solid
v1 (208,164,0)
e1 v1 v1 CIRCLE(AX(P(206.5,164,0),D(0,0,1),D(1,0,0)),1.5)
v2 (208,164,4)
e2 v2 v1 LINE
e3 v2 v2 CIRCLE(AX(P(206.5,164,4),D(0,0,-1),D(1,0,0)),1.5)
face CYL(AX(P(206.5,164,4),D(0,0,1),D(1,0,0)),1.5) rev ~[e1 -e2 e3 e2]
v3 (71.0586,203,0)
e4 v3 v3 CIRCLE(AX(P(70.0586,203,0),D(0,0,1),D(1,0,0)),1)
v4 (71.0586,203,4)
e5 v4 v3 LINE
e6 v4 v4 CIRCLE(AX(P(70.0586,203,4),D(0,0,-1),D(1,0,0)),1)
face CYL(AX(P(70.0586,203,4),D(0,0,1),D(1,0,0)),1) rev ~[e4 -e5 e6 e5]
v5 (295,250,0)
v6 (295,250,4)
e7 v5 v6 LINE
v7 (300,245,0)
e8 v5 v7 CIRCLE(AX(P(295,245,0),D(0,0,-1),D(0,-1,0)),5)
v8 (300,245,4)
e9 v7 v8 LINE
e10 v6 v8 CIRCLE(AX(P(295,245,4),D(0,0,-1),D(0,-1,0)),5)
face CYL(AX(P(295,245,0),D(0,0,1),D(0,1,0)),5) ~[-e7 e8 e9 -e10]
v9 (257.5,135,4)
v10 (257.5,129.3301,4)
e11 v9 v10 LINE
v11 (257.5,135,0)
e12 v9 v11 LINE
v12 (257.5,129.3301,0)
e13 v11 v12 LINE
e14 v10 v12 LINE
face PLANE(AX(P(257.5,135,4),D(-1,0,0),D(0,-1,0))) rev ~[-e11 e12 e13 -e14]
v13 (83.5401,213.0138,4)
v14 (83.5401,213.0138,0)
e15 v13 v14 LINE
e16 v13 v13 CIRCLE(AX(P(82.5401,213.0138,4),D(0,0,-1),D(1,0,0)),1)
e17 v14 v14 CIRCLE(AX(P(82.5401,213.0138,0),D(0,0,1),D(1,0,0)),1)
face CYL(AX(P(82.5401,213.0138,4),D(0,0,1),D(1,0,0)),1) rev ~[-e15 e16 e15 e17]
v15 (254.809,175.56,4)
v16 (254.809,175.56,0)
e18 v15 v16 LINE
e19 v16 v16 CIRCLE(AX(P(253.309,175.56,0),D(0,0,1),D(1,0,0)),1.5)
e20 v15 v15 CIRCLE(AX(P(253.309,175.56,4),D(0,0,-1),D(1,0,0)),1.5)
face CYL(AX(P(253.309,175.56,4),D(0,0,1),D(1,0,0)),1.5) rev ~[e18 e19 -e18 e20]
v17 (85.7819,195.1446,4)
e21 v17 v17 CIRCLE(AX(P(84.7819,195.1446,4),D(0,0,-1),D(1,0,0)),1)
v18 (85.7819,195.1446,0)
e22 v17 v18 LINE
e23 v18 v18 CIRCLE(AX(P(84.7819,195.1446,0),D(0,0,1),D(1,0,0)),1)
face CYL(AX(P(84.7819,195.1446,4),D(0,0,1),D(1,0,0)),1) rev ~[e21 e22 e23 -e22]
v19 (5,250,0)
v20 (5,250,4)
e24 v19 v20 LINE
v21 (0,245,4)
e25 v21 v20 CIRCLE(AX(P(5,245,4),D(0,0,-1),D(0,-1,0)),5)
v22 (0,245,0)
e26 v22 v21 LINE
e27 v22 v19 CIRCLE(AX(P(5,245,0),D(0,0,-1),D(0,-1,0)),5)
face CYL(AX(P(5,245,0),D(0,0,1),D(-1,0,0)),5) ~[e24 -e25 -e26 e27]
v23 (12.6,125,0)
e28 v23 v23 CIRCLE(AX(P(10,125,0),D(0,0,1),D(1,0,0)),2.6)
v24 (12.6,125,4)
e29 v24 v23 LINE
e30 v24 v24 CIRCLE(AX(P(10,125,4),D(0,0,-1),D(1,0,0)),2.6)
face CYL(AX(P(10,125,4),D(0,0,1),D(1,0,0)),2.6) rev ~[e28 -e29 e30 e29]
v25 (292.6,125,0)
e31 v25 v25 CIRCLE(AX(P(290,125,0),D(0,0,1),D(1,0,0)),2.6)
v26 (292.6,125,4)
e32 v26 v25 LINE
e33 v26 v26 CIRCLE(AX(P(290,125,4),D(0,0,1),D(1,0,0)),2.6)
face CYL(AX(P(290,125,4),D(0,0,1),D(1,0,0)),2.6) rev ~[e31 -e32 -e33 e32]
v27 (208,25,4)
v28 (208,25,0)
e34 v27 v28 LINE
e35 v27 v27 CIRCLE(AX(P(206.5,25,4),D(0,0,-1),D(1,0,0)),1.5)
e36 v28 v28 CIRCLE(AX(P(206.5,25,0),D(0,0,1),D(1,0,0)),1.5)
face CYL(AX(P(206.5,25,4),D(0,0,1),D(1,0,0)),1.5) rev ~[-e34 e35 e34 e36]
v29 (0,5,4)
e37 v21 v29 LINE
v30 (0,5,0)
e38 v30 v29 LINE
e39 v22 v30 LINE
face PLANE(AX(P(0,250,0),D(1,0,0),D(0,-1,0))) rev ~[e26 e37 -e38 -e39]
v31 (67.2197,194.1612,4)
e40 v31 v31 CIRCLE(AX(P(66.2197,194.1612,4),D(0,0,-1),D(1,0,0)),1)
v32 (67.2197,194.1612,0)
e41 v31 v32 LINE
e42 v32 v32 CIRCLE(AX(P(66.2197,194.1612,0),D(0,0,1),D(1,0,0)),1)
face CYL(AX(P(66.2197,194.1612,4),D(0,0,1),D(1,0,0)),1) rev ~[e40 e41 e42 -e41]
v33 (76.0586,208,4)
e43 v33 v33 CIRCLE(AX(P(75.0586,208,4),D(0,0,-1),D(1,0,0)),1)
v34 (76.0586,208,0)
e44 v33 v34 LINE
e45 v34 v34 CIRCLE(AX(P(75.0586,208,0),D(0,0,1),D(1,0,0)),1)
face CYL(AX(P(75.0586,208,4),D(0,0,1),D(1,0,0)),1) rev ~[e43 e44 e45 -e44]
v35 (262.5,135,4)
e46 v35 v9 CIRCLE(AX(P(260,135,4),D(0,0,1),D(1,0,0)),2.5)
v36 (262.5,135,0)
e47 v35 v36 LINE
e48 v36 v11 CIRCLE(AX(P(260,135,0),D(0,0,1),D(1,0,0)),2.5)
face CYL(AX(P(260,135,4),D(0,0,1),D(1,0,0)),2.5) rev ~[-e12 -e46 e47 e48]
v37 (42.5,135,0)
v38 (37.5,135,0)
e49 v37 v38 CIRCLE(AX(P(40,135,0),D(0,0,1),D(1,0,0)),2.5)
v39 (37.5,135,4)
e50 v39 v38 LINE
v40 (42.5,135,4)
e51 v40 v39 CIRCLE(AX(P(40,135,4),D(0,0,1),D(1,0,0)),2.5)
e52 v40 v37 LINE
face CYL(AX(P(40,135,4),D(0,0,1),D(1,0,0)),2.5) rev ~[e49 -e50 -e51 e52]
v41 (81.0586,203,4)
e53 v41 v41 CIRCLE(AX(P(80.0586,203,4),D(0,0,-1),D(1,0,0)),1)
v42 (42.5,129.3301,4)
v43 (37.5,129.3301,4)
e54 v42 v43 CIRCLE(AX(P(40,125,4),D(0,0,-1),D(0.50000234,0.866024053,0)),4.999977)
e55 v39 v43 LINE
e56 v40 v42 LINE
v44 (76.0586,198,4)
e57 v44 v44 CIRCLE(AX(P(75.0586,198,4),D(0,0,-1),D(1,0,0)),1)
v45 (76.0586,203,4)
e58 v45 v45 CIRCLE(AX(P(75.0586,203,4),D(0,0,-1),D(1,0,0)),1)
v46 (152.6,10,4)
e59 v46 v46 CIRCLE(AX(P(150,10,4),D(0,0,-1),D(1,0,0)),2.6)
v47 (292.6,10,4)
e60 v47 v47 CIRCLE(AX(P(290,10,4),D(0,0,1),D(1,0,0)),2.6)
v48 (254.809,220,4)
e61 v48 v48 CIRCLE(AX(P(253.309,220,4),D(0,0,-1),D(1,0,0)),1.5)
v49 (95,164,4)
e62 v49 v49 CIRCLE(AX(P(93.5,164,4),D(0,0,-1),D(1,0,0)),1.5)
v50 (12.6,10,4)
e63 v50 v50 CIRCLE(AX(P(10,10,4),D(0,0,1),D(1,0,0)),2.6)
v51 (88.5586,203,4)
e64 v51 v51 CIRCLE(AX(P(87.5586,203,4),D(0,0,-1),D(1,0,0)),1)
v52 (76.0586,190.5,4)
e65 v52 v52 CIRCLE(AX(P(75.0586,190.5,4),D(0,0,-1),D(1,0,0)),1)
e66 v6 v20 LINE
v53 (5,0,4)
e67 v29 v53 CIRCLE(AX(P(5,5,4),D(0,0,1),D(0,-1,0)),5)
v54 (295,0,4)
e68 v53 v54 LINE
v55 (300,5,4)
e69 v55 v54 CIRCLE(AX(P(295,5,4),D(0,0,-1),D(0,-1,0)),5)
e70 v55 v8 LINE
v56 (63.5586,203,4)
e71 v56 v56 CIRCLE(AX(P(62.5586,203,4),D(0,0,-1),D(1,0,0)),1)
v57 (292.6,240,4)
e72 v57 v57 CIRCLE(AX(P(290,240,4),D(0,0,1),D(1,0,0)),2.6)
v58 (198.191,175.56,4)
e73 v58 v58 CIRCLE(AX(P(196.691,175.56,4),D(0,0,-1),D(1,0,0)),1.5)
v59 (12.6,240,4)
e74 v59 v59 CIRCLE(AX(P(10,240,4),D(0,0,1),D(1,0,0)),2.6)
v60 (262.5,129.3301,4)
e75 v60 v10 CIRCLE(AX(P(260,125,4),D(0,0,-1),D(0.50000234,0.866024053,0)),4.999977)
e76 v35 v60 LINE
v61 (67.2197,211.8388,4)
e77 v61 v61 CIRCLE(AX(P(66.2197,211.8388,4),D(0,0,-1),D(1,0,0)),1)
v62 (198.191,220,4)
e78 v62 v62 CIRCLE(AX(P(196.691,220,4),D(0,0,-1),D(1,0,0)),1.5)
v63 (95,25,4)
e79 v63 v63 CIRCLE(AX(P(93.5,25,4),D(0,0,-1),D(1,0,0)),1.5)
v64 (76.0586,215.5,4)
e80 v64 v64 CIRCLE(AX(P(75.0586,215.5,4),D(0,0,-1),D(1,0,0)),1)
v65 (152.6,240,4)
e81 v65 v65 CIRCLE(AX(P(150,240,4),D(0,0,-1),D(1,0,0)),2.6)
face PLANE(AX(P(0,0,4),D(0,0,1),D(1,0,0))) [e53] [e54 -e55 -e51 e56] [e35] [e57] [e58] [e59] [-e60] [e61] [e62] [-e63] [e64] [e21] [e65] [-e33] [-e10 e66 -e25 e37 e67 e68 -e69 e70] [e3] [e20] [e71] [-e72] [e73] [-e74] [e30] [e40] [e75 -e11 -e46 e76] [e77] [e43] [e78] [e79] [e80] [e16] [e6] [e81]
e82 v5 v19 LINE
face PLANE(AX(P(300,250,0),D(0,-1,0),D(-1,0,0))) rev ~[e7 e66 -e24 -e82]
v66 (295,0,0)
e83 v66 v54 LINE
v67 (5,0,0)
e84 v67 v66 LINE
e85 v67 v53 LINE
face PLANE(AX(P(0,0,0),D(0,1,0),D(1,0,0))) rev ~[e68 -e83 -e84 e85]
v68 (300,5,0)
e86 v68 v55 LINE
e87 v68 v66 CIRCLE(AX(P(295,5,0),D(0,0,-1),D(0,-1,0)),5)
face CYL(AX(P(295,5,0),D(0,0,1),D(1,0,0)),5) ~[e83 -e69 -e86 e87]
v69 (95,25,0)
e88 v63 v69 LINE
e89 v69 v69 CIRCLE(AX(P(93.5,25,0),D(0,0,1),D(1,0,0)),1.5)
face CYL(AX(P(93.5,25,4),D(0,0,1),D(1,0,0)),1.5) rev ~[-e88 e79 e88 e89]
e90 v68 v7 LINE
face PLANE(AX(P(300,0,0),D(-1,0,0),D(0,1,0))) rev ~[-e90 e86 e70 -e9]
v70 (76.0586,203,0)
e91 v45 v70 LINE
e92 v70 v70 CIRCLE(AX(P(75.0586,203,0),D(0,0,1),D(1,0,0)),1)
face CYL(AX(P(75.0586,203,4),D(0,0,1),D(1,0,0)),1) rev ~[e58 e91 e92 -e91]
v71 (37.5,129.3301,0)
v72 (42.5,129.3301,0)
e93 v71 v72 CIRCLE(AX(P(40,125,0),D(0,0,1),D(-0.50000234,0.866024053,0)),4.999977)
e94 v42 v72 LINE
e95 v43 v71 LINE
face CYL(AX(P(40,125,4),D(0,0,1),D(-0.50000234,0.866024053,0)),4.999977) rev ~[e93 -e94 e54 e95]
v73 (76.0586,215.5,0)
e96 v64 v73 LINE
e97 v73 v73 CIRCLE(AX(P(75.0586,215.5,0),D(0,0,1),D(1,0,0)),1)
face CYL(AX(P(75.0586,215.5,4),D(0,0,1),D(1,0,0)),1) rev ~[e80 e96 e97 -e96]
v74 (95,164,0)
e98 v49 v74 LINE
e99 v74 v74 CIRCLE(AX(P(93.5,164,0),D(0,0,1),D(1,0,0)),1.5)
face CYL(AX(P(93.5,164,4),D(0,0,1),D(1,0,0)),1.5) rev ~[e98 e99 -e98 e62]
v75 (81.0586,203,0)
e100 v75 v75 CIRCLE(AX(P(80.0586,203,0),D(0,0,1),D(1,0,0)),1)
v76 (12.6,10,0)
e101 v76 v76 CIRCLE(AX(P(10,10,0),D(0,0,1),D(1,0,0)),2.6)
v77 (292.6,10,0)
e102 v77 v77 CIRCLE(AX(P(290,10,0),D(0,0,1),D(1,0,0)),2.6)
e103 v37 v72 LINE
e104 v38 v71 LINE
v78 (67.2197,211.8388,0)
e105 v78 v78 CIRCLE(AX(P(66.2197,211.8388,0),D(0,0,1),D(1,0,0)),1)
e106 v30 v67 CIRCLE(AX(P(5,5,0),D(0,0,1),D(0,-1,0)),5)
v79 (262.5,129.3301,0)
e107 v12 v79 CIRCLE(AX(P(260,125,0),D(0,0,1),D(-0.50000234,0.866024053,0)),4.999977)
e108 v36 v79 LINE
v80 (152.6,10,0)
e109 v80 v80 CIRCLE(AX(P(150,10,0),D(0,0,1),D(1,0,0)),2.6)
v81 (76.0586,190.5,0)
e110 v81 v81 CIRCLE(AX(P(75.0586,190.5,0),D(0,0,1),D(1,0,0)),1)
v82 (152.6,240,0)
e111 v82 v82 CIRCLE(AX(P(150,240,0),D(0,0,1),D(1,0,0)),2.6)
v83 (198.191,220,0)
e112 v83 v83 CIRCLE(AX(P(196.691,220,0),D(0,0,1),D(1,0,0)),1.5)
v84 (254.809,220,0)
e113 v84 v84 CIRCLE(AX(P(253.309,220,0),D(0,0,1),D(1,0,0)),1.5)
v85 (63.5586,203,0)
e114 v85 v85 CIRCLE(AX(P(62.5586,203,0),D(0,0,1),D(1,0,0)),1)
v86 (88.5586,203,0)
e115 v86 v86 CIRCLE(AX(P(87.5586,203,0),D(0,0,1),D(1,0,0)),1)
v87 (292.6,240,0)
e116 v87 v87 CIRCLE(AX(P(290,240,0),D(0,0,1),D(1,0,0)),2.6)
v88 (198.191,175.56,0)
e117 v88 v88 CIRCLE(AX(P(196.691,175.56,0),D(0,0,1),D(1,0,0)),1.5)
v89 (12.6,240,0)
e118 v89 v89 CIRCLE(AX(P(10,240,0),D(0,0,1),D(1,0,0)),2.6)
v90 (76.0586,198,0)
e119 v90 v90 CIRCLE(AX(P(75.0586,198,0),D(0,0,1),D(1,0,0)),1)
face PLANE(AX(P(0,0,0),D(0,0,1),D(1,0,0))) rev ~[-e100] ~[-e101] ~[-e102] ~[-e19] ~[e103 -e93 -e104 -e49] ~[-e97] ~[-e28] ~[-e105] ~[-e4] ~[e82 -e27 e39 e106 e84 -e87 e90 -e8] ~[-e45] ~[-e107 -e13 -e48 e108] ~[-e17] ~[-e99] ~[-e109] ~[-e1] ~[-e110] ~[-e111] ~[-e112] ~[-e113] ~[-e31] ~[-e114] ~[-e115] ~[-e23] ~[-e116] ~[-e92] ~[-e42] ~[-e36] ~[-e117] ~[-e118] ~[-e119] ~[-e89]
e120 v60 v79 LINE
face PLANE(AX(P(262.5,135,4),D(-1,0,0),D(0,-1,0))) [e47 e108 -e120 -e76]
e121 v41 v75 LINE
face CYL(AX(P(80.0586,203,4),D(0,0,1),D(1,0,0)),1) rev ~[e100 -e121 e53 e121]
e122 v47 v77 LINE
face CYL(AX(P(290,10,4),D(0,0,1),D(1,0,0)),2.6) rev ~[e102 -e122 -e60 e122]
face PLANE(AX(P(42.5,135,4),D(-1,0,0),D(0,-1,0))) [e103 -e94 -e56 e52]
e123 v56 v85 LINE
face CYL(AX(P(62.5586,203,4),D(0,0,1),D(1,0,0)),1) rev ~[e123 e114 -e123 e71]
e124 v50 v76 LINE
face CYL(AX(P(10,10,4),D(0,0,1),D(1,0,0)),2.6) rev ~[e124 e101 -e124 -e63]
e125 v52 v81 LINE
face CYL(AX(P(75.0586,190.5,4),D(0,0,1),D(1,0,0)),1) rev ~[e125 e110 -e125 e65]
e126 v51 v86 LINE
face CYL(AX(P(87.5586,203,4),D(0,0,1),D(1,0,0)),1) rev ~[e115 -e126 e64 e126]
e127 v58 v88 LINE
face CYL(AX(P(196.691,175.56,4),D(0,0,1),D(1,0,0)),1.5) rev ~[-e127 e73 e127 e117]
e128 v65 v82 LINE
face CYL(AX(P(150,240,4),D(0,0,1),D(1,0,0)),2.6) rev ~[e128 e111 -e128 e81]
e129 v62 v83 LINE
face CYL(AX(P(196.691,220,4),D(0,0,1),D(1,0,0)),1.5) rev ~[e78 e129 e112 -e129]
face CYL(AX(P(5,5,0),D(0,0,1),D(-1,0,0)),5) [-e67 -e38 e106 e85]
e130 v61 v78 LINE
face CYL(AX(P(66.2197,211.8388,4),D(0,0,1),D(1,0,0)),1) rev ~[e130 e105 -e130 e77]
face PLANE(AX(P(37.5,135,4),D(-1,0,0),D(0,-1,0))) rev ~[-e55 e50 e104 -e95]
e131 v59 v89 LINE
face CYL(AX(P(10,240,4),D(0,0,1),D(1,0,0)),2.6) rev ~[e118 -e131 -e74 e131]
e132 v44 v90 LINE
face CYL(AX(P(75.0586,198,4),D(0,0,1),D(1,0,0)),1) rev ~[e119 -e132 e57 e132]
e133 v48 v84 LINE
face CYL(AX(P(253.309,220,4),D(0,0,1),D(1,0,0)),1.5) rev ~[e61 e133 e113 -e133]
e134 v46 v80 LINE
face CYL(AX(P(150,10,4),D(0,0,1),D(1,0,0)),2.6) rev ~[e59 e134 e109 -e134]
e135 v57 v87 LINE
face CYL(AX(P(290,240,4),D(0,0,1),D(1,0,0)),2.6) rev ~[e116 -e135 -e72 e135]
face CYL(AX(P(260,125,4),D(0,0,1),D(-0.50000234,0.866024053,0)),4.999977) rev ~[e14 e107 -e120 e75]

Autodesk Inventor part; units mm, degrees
ref_plane "YZ Plane" through (0, 0, 0) normal (1, 0, 0) x (0, 1, 0)
ref_plane "XZ Plane" through (0, 0, 0) normal (0, 1, 0) x (-1, 0, 0)
ref_plane "XY Plane" through (0, 0, 0) normal (0, 0, 1) x (1, 0, 0)
sketch "Sketch1" plane through (0, 0, 0) normal (0, 0, 1) x (1, 0, 0)
  line L0 (0, 0) -> (300, 0)
  line L1 (300, 0) -> (300, 250)
  line L2 (300, 250) -> (0, 250)
  line L3 (0, 250) -> (0, 0)
  dimension "d0" = 300
  dimension "d1" = 250
extrude "Extrusion1" add sketch "Sketch1" along normal blind 4
fillet "Fillet1" radius 5 4 edges at (300, 250, 2) (0, 250, 2) (300, 0, 2) (0, 0, 2)
sketch "Sketch2" plane through (0, 0, 4) normal (0, 0, 1) x (1, 0, 0)
  line L0 (5, 0) -> (295, 0) projected
  line L1 (150, 0) -> (150, 25)
  line L2 (150, 25) -> (206.5, 25)
  line L3 (150, 25) -> (93.5, 25)
  circle A0 centre (93.5, 25) radius 1.5
  circle A1 centre (206.5, 25) radius 1.5
  line L4 (206.5, 25) -> (206.5, 164)
  line L5 (93.5, 25) -> (93.5, 164)
  circle A2 centre (93.5, 164) radius 1.5
  circle A3 centre (206.5, 164) radius 1.5
  point P0 (0, 0)
  dimension "d5" = 25
  dimension "d6" = 56.5
  dimension "d7" = 56.5
  dimension "d8" = 3
  dimension "d9" = 3
  dimension "d10" = 139
  dimension "d11" = 139
  dimension "d12" = 3
  dimension "d13" = 3
extrude "Extrusion2" cut sketch "Sketch2" against normal blind 33.75
sketch "Sketch3" plane through (0, 0, 4) normal (0, 0, 1) x (1, 0, 0)
  line L0 (295, 250) -> (5, 250) projected
  circle A0 centre (253.309, 175.56) radius 1.5
  circle A1 centre (196.691, 175.56) radius 1.5
  line L1 (196.691, 175.56) -> (196.691, 220)
  line L2 (253.309, 175.56) -> (253.309, 220)
  circle A2 centre (253.309, 220) radius 1.5
  circle A3 centre (196.691, 220) radius 1.5
  line L3 (300, 5) -> (300, 245) projected
  line L4 (196.691, 220) -> (253.309, 220)
  line L5 (150, 250) -> (225, 250)
  line L6 (225, 250) -> (225, 220)
  point P0 (0, 0)
  point P1 (225, 250)
  dimension "d19" = 3
  dimension "d20" = 3
  dimension "d21" = 44.44
  dimension "d22" = 44.44
  dimension "d23" = 3
  dimension "d24" = 3
  dimension "d51" = 75
  dimension "d52" = 30
extrude "Extrusion3" cut sketch "Sketch3" against normal blind 33.75
sketch "Sketch4" plane through (0, 0, 4) normal (0, 0, 1) x (1, 0, 0)
  line L0 (295, 250) -> (5, 250) projected
  circle A0 centre (75.0586, 203) radius 12.5
  circle A1 centre (75.0586, 203) radius 5
  circle A2 centre (75.0586, 215.5) radius 1
  circle A3 centre (62.5586, 203) radius 1
  circle A4 centre (87.5586, 203) radius 1
  circle A5 centre (75.0586, 190.5) radius 1
  circle A6 centre (75.0586, 208) radius 1
  circle A7 centre (75.0586, 198) radius 1
  circle A8 centre (80.0586, 203) radius 1
  circle A9 centre (70.0586, 203) radius 1
  line L1 (75.0586, 203) -> (66.2197, 211.8388)
  line L2 (75.0586, 203) -> (87.5586, 203) construction
  circle A10 centre (66.2197, 211.8388) radius 1
  line L3 (75.0586, 203) -> (82.5401, 213.0138)
  circle A11 centre (82.5401, 213.0138) radius 1
  line L4 (75.0586, 203) -> (66.2197, 194.1612)
  line L5 (75.0586, 203) -> (87.5586, 203) construction
  circle A12 centre (66.2197, 194.1612) radius 1
  line L6 (75.0586, 203) -> (84.7819, 195.1446)
  circle A13 centre (84.7819, 195.1446) radius 1
  circle A14 centre (75.0586, 203) radius 1
  line L7 (150.0586, 250) -> (75.0586, 250)
  line L8 (75.0586, 250) -> (75.0586, 203)
  point P0 (0, 0)
  dimension "d30" = 25
  dimension "d31" = 10
  dimension "d32" = 2
  dimension "d33" = 2
  dimension "d34" = 2
  dimension "d35" = 2
  dimension "d36" = 2
  dimension "d37" = 2
  dimension "d38" = 2
  dimension "d39" = 2
  dimension "d40" = 135
  dimension "d41" = 2
  dimension "d42" = 2
  dimension "d43" = 135
  dimension "d44" = 2
  dimension "d45" = 2
  dimension "d48" = 2
  dimension "d49" = 75
  dimension "d50" = 47
extrude "Extrusion4" cut sketch "Sketch4" against normal blind 33.75 contours A0 A4 | A0 A4 | A11 L3 A0 | A0 A11 | A13 A0 | A0 L6 A13 | L3 A11 A0 | A0 A13 L6 | A2 L8 A0 | A0 L8 A2 | A8 A1 | A1 A8 | A6 L8 A1 | A1 L8 A6 | A14 L6 L3 | L3 L8 A14 | A5 A0 | A0 A5 | A7 A1 | A1 A7 | A14 L4 L6 | L8 A2 A0 | A0 A2 L8 | L8 A6 A1 | A1 A6 L8 | L4 A14 L1 | L1 A14 L8 | A12 A0 | A0 L4 A12 | A10 L1 A0 | A0 A10 | A0 A12 L4 | A9 A1 | A1 A9 | L1 A10 A0 | A3 A0 | A0 A3
sketch "Sketch5" plane through (0, 0, 4) normal (0, 0, 1) x (1, 0, 0)
  line L0 (0, 245) -> (0, 5) projected
  line L1 (0, 125) -> (40, 125)
  line L2 (300, 5) -> (300, 245) projected
  line L3 (300, 125) -> (260, 125)
  arc A0 (37.5, 129.3301) -> (42.5, 129.3301) centre (40, 125) ccw
  arc A1 (257.5, 129.3301) -> (262.5, 129.3301) centre (260, 125) ccw
  line L4 (40, 125) -> (40, 135)
  arc A2 (42.5, 135) -> (37.5, 135) centre (40, 135) ccw
  line L5 (37.5, 135) -> (37.5, 129.3301)
  line L6 (42.5, 135) -> (42.5, 129.3301)
  line L7 (260, 125) -> (260, 135)
  arc A3 (262.5, 135) -> (257.5, 135) centre (260, 135) ccw
  line L8 (257.5, 135) -> (257.5, 129.3301)
  line L9 (262.5, 135) -> (262.5, 129.3301)
  point P0 (0, 0)
  dimension "d53" = 40
  dimension "d54" = 40
  dimension "d55" = 10
  dimension "d56" = 10
  dimension "d57" = 10
  dimension "d58" = 5
  dimension "d59" = 10
  dimension "d60" = 5
extrude "Extrusion5" cut sketch "Sketch5" against normal blind 10
sketch "Sketch6" plane through (0, 0, 4) normal (0, 0, 1) x (1, 0, 0)
  circle A0 centre (10, 240) radius 2.5
  circle A1 centre (10, 240) radius 2.6
  circle A2 centre (290, 240) radius 2.5
  circle A3 centre (290, 240) radius 2.6
  circle A4 centre (290, 10) radius 2.5
  circle A5 centre (290, 10) radius 2.6
  circle A6 centre (10, 10) radius 2.5
  circle A7 centre (10, 10) radius 2.6
  line L0 (0, 245) -> (0, 5) projected
  line L1 (0, 125) -> (10, 125)
  circle A8 centre (10, 125) radius 2.6
  line L2 (300, 5) -> (300, 245) projected
  line L3 (300, 125) -> (290, 125)
  circle A9 centre (290, 125) radius 2.6
  line L4 (295, 250) -> (5, 250) projected
  line L5 (150, 250) -> (150, 240)
  circle A10 centre (150, 240) radius 2.6
  line L6 (5, 0) -> (295, 0) projected
  line L7 (150, 0) -> (150, 10)
  circle A11 centre (150, 10) radius 2.6
  point P0 (0, 0)
  point P1 (0, 0)
  dimension "d63" = 5.2
  dimension "d64" = 5.2
  dimension "d65" = 5.2
  dimension "d66" = 5.2
  dimension "d69" = 10
  dimension "d70" = 5.2
  dimension "d71" = 10
  dimension "d72" = 5.2
  dimension "d73" = 10
  dimension "d74" = 5.2
  dimension "d75" = 10
  dimension "d76" = 5.2
extrude "Extrusion6" cut sketch "Sketch6" against normal blind 10 contours A0 | A1 | A2 | A3 | A4 | A5 | A6 | A7 | A8 | A9 | A10 | A11
sketch "Back-CNC-CUT" plane through (0, 0, 4) normal (0, 0, 1) x (1, 0, 0)
  line L0 (0, 245) -> (0, 5) projected
  line L1 (0, 5) -> (0, 245)
  line L2 (5, 250) -> (295, 250)
  line L3 (0, 5) -> (0, 245)
  line L4 (300, 5) -> (300, 245)
  line L5 (300, 5) -> (300, 245) projected
  line L6 (295, 250) -> (5, 250) projected
  arc A0 (300, 245) -> (295, 250) centre (295, 245) ccw
  arc A1 (295, 0) -> (300, 5) centre (295, 5) ccw
  arc A2 (295, 0) -> (300, 5) centre (295, 5) ccw projected
  line L7 (295, 0) -> (5, 0)
  line L8 (5, 0) -> (295, 0) projected
  arc A3 (0, 5) -> (5, 0) centre (5, 5) ccw
  arc A4 (5, 250) -> (0, 245) centre (5, 245) ccw
  circle A5 centre (10, 10) radius 2.6 projected
  circle A6 centre (10, 10) radius 2.6
  circle A7 centre (150, 10) radius 2.6 projected
  circle A8 centre (150, 10) radius 2.6
  circle A9 centre (290, 10) radius 2.6 projected
  circle A10 centre (290, 10) radius 2.6
  circle A11 centre (290, 125) radius 2.6 projected
  circle A12 centre (290, 125) radius 2.6
  circle A13 centre (290, 240) radius 2.6 projected
  circle A14 centre (290, 240) radius 2.6
  circle A15 centre (150, 240) radius 2.6 projected
  circle A16 centre (150, 240) radius 2.6
  circle A17 centre (10, 240) radius 2.6 projected
  circle A18 centre (10, 240) radius 2.6
  circle A19 centre (10, 125) radius 2.6 projected
  circle A20 centre (10, 125) radius 2.6
  arc A21 (37.5, 129.3301) -> (42.5, 129.3301) centre (40, 125) ccw projected
  arc A22 (37.5, 129.3301) -> (42.5, 129.3301) centre (40, 125) ccw
  arc A23 (42.5, 135) -> (37.5, 135) centre (40, 135) ccw projected
  arc A24 (42.5, 135) -> (37.5, 135) centre (40, 135) ccw
  line L9 (37.5, 135) -> (37.5, 129.3301) projected
  line L10 (37.5, 129.3301) -> (37.5, 135)
  line L11 (42.5, 129.3301) -> (42.5, 135) projected
  line L12 (42.5, 135) -> (42.5, 129.3301)
  arc A25 (257.5, 129.3301) -> (262.5, 129.3301) centre (260, 125) ccw projected
  arc A26 (257.5, 129.3301) -> (262.5, 129.3301) centre (260, 125) ccw
  arc A27 (262.5, 135) -> (257.5, 135) centre (260, 135) ccw projected
  arc A28 (262.5, 135) -> (257.5, 135) centre (260, 135) ccw
  line L13 (257.5, 129.3301) -> (257.5, 135) projected
  line L14 (257.5, 129.3301) -> (257.5, 135)
  line L15 (262.5, 129.3301) -> (262.5, 135) projected
  line L16 (262.5, 129.3301) -> (262.5, 135)
  circle A29 centre (93.5, 25) radius 1.5 projected
  circle A30 centre (93.5, 25) radius 1.5
  circle A31 centre (206.5, 25) radius 1.5 projected
  circle A32 centre (206.5, 25) radius 1.5
  circle A33 centre (93.5, 164) radius 1.5 projected
  circle A34 centre (93.5, 164) radius 1.5
  circle A35 centre (206.5, 164) radius 1.5 projected
  circle A36 centre (206.5, 164) radius 1.5
  circle A37 centre (196.691, 175.56) radius 1.5 projected
  circle A38 centre (196.691, 175.56) radius 1.5
  circle A39 centre (253.309, 175.56) radius 1.5 projected
  circle A40 centre (253.309, 175.56) radius 1.5
  circle A41 centre (253.309, 220) radius 1.5 projected
  circle A42 centre (253.309, 220) radius 1.5
  circle A43 centre (196.691, 220) radius 1.5 projected
  circle A44 centre (196.691, 220) radius 1.5
  circle A45 centre (75.0586, 190.5) radius 1 projected
  circle A46 centre (75.0586, 190.5) radius 1
  circle A47 centre (84.7819, 195.1446) radius 1 projected
  circle A48 centre (84.7819, 195.1446) radius 1
  circle A49 centre (87.5586, 203) radius 1 projected
  circle A50 centre (87.5586, 203) radius 1
  circle A51 centre (82.5401, 213.0138) radius 1 projected
  circle A52 centre (82.5401, 213.0138) radius 1
  circle A53 centre (75.0586, 215.5) radius 1 projected
  circle A54 centre (75.0586, 215.5) radius 1
  circle A55 centre (66.2197, 211.8388) radius 1 projected
  circle A56 centre (66.2197, 211.8388) radius 1
  circle A57 centre (70.0586, 203) radius 1 projected
  circle A58 centre (70.0586, 203) radius 1
  circle A59 centre (75.0586, 208) radius 1 projected
  circle A60 centre (75.0586, 208) radius 1
  circle A61 centre (75.0586, 203) radius 1 projected
  circle A62 centre (75.0586, 203) radius 1
  circle A63 centre (80.0586, 203) radius 1 projected
  circle A64 centre (80.0586, 203) radius 1
  circle A65 centre (75.0586, 198) radius 1 projected
  circle A66 centre (75.0586, 198) radius 1
  circle A67 centre (66.2197, 194.1612) radius 1 projected
  circle A68 centre (66.2197, 194.1612) radius 1
  circle A69 centre (62.5586, 203) radius 1 projected
  circle A70 centre (62.5586, 203) radius 1
  point P0 (0, 0)
properties part number "Back_Plate"
